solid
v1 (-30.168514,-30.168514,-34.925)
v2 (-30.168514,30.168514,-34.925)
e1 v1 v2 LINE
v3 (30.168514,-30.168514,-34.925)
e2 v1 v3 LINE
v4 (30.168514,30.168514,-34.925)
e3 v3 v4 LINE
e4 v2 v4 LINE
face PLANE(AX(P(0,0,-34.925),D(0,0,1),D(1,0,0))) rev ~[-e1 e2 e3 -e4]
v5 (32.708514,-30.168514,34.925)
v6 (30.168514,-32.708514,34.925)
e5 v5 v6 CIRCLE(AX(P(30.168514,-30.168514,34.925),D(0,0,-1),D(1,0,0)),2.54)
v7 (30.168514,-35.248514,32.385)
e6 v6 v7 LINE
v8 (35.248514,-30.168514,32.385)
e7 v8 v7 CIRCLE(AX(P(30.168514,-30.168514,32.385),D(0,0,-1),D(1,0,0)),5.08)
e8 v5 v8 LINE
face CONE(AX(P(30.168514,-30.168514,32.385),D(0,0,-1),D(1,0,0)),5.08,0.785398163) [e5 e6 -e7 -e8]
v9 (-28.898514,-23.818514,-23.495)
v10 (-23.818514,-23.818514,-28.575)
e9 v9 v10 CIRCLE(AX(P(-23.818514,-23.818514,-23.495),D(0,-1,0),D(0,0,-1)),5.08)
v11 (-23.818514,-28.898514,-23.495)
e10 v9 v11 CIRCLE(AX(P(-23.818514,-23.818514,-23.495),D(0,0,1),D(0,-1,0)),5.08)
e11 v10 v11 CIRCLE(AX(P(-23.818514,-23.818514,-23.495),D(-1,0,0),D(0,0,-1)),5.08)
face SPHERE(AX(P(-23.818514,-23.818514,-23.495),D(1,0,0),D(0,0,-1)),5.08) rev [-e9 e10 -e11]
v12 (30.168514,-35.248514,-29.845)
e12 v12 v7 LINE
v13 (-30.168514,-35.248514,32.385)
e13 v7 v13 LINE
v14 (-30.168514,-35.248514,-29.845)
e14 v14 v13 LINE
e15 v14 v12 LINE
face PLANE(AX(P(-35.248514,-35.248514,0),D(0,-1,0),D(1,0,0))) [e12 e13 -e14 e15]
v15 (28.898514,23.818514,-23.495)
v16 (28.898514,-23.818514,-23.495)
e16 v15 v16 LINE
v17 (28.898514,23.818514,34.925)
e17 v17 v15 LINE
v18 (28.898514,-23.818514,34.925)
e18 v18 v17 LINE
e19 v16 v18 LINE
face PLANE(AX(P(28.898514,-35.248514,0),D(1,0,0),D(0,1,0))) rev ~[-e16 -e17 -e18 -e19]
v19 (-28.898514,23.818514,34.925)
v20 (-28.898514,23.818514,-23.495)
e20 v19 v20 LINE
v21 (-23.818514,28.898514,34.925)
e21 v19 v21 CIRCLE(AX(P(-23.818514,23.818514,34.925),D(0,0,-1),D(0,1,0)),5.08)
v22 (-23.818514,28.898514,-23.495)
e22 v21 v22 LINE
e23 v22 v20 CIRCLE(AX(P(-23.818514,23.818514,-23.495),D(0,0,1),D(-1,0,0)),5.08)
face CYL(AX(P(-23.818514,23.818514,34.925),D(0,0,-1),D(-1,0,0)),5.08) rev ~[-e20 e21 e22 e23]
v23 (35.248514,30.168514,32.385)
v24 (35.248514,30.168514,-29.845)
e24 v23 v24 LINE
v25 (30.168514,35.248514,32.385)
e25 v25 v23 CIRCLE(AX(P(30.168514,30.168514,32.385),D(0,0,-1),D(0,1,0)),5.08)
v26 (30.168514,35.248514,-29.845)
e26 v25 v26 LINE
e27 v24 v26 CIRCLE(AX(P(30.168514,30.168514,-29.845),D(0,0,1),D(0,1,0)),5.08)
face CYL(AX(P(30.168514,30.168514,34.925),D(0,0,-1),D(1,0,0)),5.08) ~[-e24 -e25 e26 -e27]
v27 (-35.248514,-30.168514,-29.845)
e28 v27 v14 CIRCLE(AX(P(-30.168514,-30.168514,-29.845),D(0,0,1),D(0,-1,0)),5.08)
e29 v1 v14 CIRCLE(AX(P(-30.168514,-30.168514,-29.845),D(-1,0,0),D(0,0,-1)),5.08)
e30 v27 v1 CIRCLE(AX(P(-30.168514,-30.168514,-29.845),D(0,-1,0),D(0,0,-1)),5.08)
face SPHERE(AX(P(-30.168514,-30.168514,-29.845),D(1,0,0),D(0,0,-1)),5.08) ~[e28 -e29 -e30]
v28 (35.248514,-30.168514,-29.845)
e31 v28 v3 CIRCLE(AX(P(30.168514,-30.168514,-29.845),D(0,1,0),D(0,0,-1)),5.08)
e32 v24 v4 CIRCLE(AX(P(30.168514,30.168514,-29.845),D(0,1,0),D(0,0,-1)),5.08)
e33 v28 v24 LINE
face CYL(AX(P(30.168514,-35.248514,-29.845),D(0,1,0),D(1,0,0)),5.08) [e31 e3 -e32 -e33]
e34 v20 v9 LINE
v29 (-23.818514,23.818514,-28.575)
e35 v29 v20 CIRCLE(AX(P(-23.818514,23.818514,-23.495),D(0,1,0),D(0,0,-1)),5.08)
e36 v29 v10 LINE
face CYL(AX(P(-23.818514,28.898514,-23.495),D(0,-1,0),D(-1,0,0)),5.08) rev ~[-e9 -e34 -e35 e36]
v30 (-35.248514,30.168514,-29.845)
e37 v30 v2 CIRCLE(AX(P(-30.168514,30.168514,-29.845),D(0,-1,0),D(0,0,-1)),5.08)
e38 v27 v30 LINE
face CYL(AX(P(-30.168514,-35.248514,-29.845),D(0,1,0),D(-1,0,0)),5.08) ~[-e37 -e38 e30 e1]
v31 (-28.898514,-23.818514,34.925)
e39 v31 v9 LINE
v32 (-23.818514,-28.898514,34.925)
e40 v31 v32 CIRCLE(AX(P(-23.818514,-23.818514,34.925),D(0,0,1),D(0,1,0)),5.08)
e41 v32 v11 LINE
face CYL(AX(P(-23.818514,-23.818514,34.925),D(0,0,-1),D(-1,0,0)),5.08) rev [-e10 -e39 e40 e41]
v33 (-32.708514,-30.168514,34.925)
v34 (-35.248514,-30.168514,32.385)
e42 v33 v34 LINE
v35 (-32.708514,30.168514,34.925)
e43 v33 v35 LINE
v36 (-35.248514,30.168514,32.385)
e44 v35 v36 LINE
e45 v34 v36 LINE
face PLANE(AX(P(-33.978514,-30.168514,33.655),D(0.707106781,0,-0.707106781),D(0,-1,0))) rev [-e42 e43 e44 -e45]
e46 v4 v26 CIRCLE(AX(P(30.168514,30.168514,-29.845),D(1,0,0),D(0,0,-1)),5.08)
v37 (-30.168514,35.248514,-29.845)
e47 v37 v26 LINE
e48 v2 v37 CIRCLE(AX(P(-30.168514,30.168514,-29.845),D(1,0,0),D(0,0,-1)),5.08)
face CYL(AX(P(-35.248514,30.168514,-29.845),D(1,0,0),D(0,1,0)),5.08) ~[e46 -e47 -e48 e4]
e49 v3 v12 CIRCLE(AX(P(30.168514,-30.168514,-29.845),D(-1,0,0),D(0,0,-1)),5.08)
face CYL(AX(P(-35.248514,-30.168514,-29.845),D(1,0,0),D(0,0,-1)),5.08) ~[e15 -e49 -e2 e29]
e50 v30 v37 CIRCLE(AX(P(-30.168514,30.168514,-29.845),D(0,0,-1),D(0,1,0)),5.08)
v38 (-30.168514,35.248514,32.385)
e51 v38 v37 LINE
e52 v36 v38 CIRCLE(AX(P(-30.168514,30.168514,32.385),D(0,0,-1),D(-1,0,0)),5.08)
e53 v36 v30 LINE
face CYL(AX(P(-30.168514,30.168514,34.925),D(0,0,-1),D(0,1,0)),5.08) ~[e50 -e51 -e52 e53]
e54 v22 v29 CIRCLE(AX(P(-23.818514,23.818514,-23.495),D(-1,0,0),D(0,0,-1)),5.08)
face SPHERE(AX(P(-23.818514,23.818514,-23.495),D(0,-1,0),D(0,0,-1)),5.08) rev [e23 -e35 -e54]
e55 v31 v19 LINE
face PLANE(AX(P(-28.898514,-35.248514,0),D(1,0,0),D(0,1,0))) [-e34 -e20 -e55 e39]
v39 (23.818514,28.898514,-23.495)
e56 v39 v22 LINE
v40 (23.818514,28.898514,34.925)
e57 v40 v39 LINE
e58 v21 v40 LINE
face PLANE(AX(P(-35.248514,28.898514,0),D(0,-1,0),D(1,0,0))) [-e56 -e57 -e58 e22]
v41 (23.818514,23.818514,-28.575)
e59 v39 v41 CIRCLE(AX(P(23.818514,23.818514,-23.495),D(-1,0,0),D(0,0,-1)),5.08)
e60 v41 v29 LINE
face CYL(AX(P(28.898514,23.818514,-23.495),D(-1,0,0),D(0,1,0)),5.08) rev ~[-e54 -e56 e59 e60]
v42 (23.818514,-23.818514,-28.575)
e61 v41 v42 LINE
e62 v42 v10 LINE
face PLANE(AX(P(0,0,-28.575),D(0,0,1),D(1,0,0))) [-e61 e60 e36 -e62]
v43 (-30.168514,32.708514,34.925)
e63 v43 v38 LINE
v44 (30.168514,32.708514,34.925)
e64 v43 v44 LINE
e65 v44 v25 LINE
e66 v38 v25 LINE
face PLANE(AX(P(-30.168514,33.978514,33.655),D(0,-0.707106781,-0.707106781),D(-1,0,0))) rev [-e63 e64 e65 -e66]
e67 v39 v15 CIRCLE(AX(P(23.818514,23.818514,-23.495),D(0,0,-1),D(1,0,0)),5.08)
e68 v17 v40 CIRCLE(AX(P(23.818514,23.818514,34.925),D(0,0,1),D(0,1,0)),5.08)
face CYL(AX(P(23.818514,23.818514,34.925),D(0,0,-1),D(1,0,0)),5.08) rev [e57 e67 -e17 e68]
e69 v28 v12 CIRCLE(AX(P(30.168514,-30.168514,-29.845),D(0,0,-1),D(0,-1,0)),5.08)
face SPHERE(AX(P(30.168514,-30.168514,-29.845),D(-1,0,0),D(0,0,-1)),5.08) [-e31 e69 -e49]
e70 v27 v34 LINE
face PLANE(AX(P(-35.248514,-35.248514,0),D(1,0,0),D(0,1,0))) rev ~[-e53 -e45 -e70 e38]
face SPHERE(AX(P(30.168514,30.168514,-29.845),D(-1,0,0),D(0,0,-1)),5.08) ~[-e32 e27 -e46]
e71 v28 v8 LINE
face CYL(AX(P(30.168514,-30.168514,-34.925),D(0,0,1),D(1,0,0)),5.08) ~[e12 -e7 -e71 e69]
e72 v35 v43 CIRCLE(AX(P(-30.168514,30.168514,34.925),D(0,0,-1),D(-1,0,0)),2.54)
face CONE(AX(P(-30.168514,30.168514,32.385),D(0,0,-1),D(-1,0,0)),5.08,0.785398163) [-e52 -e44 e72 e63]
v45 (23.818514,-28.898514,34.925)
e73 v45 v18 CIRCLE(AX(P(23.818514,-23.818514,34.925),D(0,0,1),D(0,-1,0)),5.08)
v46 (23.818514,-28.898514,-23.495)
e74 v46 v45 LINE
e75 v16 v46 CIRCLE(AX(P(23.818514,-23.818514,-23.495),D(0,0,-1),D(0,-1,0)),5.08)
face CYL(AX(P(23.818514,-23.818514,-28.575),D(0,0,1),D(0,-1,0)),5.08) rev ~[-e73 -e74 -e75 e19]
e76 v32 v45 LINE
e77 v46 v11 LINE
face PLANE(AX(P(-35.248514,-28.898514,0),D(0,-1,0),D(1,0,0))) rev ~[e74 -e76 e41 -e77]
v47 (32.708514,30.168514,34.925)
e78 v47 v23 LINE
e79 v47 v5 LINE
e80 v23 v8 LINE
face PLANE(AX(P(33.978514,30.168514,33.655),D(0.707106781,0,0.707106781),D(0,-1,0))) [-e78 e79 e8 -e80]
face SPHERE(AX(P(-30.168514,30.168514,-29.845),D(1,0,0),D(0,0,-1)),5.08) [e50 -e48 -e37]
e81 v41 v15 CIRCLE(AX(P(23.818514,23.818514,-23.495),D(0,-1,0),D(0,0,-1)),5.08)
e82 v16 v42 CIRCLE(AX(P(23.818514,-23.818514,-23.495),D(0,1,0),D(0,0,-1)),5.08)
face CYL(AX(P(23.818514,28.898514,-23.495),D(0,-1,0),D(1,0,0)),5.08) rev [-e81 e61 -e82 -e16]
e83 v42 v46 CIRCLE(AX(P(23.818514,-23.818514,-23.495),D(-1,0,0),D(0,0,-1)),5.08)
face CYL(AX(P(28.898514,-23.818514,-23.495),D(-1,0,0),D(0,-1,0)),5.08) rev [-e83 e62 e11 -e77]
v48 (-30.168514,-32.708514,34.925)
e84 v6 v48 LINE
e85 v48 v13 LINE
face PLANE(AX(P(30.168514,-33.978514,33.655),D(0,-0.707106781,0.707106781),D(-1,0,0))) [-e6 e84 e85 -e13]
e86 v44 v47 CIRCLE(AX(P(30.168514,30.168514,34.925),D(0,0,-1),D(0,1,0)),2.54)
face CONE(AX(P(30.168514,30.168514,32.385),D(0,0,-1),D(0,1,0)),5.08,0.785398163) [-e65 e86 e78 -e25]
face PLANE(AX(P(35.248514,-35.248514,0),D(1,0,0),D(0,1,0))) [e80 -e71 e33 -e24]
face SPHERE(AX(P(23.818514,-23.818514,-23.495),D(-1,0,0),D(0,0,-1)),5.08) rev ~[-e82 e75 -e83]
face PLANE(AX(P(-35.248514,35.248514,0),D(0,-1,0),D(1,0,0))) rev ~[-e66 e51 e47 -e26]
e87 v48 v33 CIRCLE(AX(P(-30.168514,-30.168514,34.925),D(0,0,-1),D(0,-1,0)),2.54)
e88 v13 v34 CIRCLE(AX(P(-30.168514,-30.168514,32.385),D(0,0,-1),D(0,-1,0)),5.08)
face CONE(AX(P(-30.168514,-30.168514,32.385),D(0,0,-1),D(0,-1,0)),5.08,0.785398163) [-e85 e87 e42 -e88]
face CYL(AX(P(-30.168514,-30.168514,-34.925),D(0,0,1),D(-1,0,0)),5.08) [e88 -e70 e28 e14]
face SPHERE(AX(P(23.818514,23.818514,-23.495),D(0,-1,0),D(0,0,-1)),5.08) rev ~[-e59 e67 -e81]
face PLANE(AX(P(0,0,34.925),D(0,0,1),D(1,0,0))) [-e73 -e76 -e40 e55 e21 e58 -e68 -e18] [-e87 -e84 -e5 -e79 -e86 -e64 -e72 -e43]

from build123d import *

# Parameters (mm, degrees)
F0_W     = 70.4970285296
F0_H     = 70.4970285296
F1_DEPTH = 34.925
F2_T     = -6.35
F3_R     = 5.08
F4_SIZE  = 2.54


with BuildPart() as f1:
    # F0 (on Top) → F1 (new body, symmetric)
    with BuildSketch(Plane.XY):
        Rectangle(F0_W, F0_H)
    extrude(amount=F1_DEPTH, both=True)

    # F2
    f2_openings = [f1.faces().sort_by_distance(p)[0] for p in [
        (0, 0, 34.925),
    ]]
    offset(amount=F2_T, openings=f2_openings)

    # F3
    f3_edges = [f1.edges().sort_by_distance(p)[0] for p in [
        (0, 35.248514, -34.925),
        (0, -35.248514, -34.925),
        (35.248514, 0, -34.925),
        (-35.248514, 0, -34.925),
        (0, -28.898514, -28.575),
        (28.898514, 0, -28.575),
        (-28.898514, 0, -28.575),
        (0, 28.898514, -28.575),
        (35.248514, -35.248514, 0),
        (35.248514, 35.248514, 0),
        (-35.248514, 35.248514, 0),
        (-35.248514, -35.248514, 0),
        (-28.898514, 28.898514, 3.175),
        (28.898514, 28.898514, 3.175),
        (28.898514, -28.898514, 3.175),
        (-28.898514, -28.898514, 3.175),
    ]]
    fillet(f3_edges, radius=F3_R)

    # F4
    f4_edges = [f1.edges().sort_by_distance(p)[0] for p in [
        (-35.248514, 0, 34.925),
    ]]
    chamfer(f4_edges, length=F4_SIZE)


solid = f1.part
